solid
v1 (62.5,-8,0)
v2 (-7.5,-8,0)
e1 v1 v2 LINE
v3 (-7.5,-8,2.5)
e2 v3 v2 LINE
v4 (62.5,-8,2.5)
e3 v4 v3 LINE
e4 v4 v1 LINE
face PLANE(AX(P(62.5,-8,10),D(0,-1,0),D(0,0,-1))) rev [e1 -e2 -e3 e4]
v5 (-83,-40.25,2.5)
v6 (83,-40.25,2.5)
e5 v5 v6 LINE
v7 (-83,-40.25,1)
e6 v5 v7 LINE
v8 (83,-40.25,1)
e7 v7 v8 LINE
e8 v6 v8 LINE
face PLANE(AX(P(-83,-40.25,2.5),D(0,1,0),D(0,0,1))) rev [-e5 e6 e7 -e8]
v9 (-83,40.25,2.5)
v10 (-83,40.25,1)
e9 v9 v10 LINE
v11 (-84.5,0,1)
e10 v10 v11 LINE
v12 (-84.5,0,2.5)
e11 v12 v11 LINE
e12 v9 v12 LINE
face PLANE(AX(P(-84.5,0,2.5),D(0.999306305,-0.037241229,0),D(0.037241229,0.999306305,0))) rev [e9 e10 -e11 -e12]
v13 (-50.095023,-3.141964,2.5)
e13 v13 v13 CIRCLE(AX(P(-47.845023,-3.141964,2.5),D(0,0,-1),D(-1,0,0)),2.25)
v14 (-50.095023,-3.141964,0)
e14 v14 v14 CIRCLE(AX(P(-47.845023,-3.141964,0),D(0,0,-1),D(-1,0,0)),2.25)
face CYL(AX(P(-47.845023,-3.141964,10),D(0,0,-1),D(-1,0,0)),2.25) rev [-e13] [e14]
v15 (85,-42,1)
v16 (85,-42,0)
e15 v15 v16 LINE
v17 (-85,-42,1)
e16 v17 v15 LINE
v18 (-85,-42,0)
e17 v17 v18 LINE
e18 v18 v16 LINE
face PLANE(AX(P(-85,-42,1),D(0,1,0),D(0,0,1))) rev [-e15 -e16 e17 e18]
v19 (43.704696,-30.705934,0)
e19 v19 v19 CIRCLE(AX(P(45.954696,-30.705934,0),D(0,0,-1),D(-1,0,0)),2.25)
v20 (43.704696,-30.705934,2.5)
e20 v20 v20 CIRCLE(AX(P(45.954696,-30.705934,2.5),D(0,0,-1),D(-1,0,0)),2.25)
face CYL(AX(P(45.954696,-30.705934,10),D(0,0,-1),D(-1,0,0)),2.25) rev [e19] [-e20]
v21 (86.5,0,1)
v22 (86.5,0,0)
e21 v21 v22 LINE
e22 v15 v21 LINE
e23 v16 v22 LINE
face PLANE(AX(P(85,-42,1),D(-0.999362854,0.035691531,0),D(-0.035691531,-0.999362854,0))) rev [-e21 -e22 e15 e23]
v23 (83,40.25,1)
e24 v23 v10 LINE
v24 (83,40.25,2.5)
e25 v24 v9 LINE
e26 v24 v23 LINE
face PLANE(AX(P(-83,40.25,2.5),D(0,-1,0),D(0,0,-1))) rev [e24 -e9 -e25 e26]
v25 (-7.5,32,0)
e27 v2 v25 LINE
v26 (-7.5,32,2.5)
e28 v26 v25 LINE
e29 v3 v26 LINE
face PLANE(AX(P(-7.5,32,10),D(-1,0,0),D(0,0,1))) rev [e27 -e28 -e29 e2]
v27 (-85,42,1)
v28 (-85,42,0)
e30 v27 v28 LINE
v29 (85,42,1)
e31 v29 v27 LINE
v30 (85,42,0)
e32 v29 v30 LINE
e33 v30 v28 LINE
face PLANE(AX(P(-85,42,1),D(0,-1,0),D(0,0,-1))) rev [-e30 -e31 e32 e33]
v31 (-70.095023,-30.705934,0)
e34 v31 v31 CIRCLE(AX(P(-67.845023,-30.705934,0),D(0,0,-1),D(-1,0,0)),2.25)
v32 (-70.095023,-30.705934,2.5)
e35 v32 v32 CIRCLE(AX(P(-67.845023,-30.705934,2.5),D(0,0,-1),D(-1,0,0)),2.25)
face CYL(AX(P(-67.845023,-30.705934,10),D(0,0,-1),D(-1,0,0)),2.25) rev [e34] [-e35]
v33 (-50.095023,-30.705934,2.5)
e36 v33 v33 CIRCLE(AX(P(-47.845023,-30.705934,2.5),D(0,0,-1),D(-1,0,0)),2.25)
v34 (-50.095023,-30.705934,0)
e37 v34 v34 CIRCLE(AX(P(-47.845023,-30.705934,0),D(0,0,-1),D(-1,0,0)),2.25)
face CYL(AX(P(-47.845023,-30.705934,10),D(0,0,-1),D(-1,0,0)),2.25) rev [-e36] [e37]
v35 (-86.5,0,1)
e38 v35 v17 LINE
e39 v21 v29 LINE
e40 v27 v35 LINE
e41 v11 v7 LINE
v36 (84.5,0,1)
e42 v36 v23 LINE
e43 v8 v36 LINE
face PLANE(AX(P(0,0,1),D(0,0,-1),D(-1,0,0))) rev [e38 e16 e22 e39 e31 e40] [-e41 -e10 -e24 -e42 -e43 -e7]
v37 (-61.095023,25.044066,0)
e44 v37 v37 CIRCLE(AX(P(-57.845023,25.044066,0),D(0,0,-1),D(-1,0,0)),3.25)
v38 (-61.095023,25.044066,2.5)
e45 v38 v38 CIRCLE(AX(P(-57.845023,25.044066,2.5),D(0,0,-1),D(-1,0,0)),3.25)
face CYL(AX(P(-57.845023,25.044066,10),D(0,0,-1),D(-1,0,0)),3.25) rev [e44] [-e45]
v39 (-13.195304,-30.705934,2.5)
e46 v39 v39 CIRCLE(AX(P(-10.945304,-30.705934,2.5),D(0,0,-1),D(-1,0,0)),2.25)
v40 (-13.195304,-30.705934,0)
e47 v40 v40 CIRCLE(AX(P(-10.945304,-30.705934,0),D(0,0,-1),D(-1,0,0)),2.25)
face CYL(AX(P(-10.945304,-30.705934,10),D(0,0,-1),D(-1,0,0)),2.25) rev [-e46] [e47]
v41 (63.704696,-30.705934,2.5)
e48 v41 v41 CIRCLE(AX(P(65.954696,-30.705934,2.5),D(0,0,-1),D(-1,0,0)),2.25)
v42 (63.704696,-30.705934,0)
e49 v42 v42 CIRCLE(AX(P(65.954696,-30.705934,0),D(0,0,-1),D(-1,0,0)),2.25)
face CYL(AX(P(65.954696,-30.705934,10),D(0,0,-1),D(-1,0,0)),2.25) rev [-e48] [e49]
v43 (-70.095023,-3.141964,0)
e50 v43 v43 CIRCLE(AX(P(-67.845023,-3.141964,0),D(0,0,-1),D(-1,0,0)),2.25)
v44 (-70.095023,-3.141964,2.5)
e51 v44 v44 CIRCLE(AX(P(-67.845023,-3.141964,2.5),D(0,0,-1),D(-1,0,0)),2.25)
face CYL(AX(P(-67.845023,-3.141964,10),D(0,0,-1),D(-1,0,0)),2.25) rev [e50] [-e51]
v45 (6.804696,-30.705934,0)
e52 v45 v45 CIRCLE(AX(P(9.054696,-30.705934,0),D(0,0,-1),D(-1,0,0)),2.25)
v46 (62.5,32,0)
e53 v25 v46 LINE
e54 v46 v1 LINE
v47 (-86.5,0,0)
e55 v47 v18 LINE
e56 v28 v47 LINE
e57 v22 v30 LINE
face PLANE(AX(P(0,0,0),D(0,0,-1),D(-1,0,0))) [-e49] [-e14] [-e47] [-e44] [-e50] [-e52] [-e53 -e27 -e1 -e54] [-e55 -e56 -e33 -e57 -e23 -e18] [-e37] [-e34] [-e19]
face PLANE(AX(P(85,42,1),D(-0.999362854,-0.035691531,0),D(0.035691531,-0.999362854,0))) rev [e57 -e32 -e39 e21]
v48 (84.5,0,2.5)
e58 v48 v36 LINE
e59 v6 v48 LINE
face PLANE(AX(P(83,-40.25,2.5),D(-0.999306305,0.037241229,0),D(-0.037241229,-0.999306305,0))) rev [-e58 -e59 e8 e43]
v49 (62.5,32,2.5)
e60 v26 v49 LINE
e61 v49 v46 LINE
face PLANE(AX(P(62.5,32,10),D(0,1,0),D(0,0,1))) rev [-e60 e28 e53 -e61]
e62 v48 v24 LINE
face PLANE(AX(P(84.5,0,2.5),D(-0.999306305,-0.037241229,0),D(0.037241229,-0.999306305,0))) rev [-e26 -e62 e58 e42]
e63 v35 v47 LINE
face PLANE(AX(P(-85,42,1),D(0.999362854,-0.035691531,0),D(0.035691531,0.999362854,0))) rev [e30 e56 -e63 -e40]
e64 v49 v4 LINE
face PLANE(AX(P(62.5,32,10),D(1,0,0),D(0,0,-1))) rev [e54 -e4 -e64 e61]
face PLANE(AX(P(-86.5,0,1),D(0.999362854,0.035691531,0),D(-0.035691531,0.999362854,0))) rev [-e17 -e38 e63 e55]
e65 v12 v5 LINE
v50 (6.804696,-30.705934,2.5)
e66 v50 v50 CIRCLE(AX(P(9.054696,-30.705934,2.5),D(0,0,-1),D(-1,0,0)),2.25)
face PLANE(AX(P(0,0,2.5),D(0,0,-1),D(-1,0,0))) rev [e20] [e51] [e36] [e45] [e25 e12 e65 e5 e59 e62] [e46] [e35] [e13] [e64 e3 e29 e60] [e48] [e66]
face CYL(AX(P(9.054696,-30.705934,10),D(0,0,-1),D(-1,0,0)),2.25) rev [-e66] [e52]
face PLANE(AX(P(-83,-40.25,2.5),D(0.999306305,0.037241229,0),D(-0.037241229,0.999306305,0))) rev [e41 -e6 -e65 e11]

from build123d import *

# Parameters (mm, degrees)
BOSS_EXTRUDE1_DEPTH = 1
BOSS_EXTRUDE2_DEPTH = 1.5
SKETCH3_W           = 70
SKETCH3_H           = 40
CUT_EXTRUDE1_DEPTH  = 10
SKETCH4_R           = 2.25
SKETCH4_R_2         = 3.25
CUT_EXTRUDE3_DEPTH  = 10


with BuildPart() as part:
    # Sketch1 → Boss-Extrude1 (new body)
    with BuildSketch(Plane.XY):
        Polygon((-85, 42), (85, 42), (86.5, 0), (85, -42), (-85, -42), (-86.5, 0), align=None)
    extrude(amount=BOSS_EXTRUDE1_DEPTH)

    # Sketch2 → Boss-Extrude2 (add)
    with BuildSketch(Plane.XY.offset(1)):
        Polygon((-83, 40.25), (83, 40.25), (84.5, 0), (83, -40.25), (-83, -40.25), (-84.5, 0), align=None)
    extrude(amount=BOSS_EXTRUDE2_DEPTH)

    # Sketch3 → Cut-Extrude1 (cut)
    with BuildSketch(Plane(origin=(0, 0, 0), x_dir=(-1, 0, 0), z_dir=(0, 0, -1))):
        with Locations((-27.5, 12)):
            Rectangle(SKETCH3_W, SKETCH3_H)
    extrude(amount=-CUT_EXTRUDE1_DEPTH, mode=Mode.SUBTRACT)

    # Sketch4 → Cut-Extrude3 (cut)
    with BuildSketch(Plane(origin=(0, 0, 0), x_dir=(-1, 0, 0), z_dir=(0, 0, -1))):
        with Locations((-65.954695658, -30.705934388)):
            Circle(SKETCH4_R)
        with Locations((-45.954695658, -30.705934388)):
            Circle(SKETCH4_R)
        with Locations((-9.054695658, -30.705934388)):
            Circle(SKETCH4_R)
        with Locations((10.945304342, -30.705934388)):
            Circle(SKETCH4_R)
        with Locations((47.845022936, -30.705934388)):
            Circle(SKETCH4_R)
        with Locations((67.845022936, -30.705934388)):
            Circle(SKETCH4_R)
        with Locations((67.845022936, -3.141963924)):
            Circle(SKETCH4_R)
        with Locations((47.845022936, -3.141963924)):
            Circle(SKETCH4_R)
        with Locations((57.845022936, 25.044065612)):
            Circle(SKETCH4_R_2)
    extrude(amount=-CUT_EXTRUDE3_DEPTH, mode=Mode.SUBTRACT)


solid = part.part
